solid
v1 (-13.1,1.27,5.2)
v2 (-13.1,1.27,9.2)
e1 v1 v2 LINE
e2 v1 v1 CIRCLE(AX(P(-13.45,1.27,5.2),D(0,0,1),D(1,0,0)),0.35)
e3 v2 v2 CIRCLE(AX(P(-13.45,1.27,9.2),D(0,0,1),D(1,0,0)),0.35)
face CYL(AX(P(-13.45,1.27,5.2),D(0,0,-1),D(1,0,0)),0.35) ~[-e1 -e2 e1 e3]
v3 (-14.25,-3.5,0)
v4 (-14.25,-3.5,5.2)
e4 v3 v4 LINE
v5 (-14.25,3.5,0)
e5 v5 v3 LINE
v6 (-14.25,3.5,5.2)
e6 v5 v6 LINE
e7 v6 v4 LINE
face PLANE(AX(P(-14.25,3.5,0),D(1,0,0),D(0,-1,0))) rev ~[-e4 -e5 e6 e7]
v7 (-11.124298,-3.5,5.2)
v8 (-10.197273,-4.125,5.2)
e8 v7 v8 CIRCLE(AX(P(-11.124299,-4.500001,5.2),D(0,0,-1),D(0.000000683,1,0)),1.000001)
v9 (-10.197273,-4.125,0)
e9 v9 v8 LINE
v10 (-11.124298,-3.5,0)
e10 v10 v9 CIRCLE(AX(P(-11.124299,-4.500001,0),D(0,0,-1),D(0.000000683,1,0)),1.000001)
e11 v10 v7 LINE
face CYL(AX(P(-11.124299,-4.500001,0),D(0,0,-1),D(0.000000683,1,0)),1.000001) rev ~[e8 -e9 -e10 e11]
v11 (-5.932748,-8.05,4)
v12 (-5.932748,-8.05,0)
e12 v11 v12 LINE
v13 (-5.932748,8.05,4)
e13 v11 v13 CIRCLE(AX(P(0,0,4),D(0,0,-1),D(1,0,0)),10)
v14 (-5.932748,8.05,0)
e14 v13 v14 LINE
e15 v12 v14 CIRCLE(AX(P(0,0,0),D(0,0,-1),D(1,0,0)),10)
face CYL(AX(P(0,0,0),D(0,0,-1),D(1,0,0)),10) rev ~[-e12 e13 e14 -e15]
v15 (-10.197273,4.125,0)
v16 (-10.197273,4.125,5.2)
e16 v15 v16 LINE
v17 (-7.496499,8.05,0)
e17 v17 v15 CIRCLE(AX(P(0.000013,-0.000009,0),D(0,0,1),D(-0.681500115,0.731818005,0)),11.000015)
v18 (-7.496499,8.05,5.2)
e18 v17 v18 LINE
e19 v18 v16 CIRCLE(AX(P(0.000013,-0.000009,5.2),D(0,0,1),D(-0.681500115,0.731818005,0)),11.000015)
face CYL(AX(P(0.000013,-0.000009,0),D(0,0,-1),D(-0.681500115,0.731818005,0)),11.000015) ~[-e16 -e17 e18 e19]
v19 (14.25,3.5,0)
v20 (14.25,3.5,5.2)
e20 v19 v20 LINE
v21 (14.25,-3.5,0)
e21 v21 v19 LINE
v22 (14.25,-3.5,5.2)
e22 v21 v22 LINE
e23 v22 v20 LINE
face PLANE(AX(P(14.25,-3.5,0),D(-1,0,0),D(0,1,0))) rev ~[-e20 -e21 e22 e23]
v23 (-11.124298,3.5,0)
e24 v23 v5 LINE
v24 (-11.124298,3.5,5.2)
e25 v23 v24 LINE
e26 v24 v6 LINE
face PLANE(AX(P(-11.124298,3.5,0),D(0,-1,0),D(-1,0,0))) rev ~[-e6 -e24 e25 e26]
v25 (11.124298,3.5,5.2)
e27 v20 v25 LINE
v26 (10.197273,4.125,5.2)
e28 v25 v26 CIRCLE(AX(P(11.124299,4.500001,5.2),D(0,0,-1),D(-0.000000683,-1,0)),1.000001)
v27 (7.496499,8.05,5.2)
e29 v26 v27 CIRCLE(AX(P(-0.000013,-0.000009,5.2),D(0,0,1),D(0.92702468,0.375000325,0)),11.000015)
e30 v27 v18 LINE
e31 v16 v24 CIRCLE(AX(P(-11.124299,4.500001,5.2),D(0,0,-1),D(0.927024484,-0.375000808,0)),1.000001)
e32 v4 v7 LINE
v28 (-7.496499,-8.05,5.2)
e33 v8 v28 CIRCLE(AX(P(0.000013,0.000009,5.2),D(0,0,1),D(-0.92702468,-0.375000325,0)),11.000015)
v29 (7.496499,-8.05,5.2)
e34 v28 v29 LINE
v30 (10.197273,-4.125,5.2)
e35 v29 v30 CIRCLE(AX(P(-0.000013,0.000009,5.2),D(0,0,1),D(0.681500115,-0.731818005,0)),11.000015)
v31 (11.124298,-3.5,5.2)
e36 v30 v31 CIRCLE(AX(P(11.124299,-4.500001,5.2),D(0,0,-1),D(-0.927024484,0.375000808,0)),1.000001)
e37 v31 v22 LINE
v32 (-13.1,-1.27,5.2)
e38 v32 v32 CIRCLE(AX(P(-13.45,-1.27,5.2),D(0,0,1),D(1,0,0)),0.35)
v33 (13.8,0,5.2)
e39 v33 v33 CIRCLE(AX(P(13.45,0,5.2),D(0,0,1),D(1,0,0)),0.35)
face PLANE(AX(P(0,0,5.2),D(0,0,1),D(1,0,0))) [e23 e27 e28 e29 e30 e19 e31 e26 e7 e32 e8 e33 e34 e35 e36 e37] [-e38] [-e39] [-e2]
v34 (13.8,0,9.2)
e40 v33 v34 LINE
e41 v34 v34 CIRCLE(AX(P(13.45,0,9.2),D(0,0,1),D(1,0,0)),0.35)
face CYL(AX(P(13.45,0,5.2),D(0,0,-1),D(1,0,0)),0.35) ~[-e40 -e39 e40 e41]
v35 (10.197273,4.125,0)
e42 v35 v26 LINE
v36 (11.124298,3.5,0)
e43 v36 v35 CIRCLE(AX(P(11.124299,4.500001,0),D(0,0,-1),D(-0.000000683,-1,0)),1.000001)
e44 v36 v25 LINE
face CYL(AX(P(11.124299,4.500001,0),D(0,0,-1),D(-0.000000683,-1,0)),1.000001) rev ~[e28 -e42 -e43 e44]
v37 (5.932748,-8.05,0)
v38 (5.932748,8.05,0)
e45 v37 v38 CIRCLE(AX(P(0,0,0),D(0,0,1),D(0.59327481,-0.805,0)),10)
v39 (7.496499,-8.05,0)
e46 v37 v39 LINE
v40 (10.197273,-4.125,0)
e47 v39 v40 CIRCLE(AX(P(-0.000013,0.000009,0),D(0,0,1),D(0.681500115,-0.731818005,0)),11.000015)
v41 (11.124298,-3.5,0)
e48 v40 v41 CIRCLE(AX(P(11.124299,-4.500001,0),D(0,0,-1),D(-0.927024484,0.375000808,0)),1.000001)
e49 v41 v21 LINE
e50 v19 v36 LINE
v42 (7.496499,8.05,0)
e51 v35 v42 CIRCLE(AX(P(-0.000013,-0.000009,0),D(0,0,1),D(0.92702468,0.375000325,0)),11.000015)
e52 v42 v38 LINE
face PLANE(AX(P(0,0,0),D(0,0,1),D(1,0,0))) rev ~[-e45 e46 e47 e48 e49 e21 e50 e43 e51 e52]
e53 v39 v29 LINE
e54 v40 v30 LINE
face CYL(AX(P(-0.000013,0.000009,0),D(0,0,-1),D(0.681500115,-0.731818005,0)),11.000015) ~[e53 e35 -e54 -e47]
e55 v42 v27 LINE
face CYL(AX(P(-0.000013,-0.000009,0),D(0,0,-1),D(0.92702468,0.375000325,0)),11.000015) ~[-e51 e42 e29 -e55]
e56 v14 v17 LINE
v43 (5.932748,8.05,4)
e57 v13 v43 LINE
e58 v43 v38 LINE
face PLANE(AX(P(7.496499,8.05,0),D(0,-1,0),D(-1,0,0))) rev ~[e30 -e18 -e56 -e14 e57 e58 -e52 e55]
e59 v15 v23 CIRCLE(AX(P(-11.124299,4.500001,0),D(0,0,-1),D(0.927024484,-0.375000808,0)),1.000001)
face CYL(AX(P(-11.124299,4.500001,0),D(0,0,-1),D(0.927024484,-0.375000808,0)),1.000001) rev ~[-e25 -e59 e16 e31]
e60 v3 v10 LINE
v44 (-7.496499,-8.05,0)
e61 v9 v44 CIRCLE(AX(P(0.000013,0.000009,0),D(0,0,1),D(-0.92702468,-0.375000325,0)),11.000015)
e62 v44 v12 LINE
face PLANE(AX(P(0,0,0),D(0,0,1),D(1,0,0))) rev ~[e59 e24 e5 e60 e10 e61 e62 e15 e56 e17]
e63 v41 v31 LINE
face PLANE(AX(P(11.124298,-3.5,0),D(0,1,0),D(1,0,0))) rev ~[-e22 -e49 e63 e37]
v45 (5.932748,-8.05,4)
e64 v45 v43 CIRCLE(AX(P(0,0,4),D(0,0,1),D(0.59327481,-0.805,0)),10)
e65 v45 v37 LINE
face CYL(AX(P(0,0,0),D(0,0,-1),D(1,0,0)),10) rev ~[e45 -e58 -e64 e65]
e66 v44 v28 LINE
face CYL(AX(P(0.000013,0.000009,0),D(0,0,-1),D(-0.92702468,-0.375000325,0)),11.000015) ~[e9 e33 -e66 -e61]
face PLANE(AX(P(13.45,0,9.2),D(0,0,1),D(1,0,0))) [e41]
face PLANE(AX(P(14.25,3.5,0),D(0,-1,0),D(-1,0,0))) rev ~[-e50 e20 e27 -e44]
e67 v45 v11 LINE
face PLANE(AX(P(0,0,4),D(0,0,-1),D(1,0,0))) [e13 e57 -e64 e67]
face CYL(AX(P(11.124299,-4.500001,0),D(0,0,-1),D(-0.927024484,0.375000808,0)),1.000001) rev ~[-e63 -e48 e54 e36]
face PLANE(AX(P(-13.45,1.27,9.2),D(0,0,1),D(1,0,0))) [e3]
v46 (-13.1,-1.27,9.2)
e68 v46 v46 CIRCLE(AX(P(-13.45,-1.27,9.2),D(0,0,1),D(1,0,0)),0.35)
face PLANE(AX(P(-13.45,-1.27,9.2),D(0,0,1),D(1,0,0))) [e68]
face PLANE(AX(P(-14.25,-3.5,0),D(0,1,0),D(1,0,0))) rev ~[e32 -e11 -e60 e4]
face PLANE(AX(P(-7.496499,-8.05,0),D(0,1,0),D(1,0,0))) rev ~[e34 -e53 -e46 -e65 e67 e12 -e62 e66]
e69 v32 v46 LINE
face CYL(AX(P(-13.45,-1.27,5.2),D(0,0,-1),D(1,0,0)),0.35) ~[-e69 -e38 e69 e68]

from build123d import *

# Parameters (mm, degrees)
F1_DEPTH = 5.2
F2_R     = 10
F3_DEPTH = 4
F4_R     = 0.35
F5_DEPTH = 4


with BuildPart() as f1:
    # F0 (on Top) → F1 (new body)
    with BuildSketch(Plane.XY):
        with BuildLine():
            Line((7.496499, 8.05), (-7.496499, 8.05))
            ThreePointArc((-7.496499, 8.05), (-9.061942, 6.235479), (-10.197273, 4.125))
            ThreePointArc((-10.197273, 4.125), (-10.565281, 3.670844), (-11.124298, 3.5))
            Line((-11.124298, 3.5), (-14.25, 3.5))
            Line((-14.25, 3.5), (-14.25, -3.5))
            Line((-14.25, -3.5), (-11.124298, -3.5))
            ThreePointArc((-11.124298, -3.5), (-10.565281, -3.670844), (-10.197273, -4.125))
            ThreePointArc((-10.197273, -4.125), (-9.061942, -6.235479), (-7.496499, -8.05))
            Line((-7.496499, -8.05), (7.496499, -8.05))
            ThreePointArc((7.496499, -8.05), (9.061942, -6.235479), (10.197273, -4.125))
            ThreePointArc((10.197273, -4.125), (10.565281, -3.670844), (11.124298, -3.5))
            Line((11.124298, -3.5), (14.25, -3.5))
            Line((14.25, -3.5), (14.25, 3.5))
            Line((14.25, 3.5), (11.124298, 3.5))
            ThreePointArc((11.124298, 3.5), (10.565281, 3.670844), (10.197273, 4.125))
            ThreePointArc((10.197273, 4.125), (9.061942, 6.235479), (7.496499, 8.05))
        make_face()
    extrude(amount=F1_DEPTH)

    # F2 (on face) → F3 (cut)
    with BuildSketch(Plane(origin=(0, 0, 0), x_dir=(1, 0, 0), z_dir=(0, 0, -1))):
        Circle(F2_R)
    extrude(amount=-F3_DEPTH, mode=Mode.SUBTRACT)

    # F4 (on face) → F5 (join)
    with BuildSketch(Plane.XY.offset(5.2)):
        with Locations((13.45, 0)):
            Circle(F4_R)
        with Locations((-13.45, 1.27)):
            Circle(F4_R)
        with Locations((-13.45, -1.27)):
            Circle(F4_R)
    extrude(amount=F5_DEPTH)


solid = f1.part
